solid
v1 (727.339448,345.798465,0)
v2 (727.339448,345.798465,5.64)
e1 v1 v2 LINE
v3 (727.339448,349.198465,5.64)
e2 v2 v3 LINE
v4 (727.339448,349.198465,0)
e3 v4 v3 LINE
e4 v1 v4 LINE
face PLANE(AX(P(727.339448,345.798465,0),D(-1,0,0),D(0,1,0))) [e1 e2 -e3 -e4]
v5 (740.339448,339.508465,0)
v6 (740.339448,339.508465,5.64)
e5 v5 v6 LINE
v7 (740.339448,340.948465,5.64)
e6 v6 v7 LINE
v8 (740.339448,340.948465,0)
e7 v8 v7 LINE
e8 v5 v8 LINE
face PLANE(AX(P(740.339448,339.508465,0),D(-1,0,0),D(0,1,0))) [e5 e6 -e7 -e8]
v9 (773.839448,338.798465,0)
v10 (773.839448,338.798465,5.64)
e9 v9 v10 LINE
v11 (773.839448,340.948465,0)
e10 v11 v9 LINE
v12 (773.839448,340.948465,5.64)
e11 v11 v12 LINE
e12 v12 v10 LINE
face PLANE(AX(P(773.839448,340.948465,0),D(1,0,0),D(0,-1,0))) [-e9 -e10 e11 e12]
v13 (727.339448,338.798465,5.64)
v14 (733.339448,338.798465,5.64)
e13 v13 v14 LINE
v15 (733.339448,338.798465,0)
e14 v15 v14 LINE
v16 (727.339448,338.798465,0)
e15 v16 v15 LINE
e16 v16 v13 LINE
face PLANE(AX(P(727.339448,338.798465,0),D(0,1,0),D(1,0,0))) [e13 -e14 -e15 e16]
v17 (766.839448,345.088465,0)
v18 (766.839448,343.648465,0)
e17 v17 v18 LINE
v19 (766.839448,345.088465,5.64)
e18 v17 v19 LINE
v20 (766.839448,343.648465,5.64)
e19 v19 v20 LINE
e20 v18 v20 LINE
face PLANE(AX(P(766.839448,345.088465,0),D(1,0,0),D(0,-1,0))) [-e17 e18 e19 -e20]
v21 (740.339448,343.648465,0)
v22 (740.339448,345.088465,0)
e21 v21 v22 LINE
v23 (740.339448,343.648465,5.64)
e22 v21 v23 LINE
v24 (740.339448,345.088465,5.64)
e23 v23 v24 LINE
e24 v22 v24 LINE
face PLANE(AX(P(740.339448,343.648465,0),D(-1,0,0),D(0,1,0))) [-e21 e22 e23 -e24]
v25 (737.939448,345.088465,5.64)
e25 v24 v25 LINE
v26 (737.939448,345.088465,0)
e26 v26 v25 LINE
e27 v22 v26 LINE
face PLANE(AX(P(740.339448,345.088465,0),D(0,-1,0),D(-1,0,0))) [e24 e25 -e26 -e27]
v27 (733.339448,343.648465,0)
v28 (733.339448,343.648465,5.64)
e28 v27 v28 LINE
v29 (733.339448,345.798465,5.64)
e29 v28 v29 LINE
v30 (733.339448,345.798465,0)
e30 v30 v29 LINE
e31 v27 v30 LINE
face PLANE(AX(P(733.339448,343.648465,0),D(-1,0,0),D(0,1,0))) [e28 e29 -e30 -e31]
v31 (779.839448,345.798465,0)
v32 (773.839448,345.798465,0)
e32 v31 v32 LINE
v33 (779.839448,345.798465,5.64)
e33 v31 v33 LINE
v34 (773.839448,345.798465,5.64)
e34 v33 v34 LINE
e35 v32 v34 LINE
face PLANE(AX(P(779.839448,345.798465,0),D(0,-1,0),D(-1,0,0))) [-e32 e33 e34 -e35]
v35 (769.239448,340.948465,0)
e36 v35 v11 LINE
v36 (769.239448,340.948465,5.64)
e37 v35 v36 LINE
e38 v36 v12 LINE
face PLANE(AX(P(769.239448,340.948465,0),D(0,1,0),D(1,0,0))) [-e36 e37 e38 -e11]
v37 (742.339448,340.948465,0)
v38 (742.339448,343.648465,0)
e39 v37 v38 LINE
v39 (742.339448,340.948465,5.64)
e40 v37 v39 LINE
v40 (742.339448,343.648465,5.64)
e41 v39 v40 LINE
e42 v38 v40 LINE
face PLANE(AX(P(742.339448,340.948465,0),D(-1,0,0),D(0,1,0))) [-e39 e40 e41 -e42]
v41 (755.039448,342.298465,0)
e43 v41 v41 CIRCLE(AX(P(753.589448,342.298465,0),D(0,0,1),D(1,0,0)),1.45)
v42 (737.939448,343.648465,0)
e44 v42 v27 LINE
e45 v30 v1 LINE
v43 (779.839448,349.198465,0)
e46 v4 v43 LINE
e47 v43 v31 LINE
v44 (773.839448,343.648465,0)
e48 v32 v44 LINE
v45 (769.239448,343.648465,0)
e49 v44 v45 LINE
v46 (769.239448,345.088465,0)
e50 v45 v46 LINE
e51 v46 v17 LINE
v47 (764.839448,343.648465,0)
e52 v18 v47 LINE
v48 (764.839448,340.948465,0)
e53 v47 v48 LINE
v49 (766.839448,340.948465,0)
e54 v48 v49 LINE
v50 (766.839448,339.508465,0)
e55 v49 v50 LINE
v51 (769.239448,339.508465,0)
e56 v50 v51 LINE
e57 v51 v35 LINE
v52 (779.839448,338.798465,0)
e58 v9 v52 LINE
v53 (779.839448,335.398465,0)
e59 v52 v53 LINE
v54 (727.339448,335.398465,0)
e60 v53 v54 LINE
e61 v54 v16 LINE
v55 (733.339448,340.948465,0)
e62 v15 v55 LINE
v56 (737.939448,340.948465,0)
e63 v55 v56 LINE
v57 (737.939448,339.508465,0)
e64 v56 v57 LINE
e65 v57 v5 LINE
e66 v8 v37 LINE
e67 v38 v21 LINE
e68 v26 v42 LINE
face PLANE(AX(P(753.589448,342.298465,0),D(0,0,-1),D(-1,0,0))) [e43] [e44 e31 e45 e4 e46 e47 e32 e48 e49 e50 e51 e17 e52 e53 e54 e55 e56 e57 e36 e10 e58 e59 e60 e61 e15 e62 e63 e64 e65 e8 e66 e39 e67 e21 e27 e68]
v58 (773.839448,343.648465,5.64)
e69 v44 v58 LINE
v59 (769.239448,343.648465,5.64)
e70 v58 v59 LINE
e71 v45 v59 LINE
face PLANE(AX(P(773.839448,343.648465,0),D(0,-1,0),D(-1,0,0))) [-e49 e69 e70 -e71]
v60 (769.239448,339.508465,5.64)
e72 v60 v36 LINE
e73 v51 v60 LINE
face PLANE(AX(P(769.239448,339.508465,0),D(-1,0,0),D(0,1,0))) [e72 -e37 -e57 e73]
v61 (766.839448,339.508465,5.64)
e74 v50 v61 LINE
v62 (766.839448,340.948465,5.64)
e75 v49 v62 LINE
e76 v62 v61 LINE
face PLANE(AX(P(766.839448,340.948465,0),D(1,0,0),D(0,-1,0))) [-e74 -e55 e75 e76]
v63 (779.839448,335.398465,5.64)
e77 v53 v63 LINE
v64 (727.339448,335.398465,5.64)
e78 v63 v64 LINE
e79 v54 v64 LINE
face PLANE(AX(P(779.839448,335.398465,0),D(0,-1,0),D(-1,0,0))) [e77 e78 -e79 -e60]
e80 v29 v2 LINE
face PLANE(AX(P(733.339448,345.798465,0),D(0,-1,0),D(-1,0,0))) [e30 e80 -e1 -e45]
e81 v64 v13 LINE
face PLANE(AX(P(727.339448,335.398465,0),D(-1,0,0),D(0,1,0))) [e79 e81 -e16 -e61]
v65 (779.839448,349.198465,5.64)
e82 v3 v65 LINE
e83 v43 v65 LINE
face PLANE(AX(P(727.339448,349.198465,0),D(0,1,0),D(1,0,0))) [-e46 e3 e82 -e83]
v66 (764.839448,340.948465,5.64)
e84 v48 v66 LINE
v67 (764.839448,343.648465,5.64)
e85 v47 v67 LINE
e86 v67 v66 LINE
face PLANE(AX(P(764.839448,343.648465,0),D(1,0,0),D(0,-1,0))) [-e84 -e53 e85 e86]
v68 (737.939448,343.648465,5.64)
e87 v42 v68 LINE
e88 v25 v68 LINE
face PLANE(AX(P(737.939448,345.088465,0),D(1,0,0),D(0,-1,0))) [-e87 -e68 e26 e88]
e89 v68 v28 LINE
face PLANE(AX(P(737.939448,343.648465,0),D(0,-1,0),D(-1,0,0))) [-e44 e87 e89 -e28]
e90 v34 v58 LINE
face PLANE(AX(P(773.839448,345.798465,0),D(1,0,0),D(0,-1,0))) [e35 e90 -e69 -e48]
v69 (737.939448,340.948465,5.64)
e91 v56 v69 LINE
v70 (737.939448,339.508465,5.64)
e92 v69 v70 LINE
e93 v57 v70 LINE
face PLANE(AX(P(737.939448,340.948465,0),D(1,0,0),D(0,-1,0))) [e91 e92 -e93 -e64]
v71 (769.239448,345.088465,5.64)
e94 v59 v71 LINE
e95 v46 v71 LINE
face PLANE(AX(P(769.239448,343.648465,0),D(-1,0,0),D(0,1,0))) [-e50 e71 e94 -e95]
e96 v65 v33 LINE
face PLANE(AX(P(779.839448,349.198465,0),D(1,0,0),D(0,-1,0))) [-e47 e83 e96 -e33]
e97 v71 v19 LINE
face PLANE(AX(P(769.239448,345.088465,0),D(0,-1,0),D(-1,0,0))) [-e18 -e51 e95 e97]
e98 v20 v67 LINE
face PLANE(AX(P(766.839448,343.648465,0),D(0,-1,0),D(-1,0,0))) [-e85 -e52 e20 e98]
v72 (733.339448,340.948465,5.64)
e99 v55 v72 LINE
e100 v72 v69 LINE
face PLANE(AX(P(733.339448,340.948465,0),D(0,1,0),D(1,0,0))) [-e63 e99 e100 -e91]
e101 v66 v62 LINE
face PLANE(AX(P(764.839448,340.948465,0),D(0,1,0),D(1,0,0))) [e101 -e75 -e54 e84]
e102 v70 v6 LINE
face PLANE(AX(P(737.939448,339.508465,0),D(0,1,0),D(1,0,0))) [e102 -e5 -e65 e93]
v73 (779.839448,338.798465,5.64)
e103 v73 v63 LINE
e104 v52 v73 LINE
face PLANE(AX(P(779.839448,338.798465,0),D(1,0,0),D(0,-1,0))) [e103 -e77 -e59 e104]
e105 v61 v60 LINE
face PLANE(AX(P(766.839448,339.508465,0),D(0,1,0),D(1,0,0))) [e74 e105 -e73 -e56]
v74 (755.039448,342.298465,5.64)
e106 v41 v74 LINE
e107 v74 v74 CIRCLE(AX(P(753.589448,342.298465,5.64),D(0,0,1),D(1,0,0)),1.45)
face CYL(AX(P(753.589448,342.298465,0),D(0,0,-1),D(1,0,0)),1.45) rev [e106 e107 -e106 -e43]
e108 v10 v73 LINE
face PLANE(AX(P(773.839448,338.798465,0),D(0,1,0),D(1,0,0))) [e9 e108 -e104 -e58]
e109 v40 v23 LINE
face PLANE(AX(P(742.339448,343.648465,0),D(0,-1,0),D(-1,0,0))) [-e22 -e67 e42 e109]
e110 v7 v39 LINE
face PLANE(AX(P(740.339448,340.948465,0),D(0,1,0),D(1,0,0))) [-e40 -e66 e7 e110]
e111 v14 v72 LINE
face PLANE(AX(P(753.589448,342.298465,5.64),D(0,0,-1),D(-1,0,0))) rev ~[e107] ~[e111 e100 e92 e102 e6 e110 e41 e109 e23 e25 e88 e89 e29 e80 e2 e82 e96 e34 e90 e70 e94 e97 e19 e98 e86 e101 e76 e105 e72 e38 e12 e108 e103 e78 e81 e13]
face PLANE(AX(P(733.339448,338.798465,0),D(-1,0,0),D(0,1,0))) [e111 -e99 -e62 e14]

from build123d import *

# Parameters (mm, degrees)
SKETCH1_R           = 1.45
BOSS_EXTRUDE2_DEPTH = 5.64


with BuildPart() as part:
    # Sketch1 → Boss-Extrude2 (new body)
    with BuildSketch(Plane.XY):
        Polygon((727.33944815, 349.198465228), (779.83944815, 349.198465228), (779.83944815, 345.798465228), (773.83944815, 345.798465228), (773.83944815, 343.648465228), (769.23944815, 343.648465228), (769.23944815, 345.088465228), (766.83944815, 345.088465228), (766.83944815, 343.648465228), (764.83944815, 343.648465228), (764.83944815, 340.948465228), (766.83944815, 340.948465228), (766.83944815, 339.508465228), (769.23944815, 339.508465228), (769.23944815, 340.948465228), (773.83944815, 340.948465228), (773.83944815, 338.798465228), (779.83944815, 338.798465228), (779.83944815, 335.398465228), (727.33944815, 335.398465228), (727.33944815, 338.798465228), (733.33944815, 338.798465228), (733.33944815, 340.948465228), (737.93944815, 340.948465228), (737.93944815, 339.508465228), (740.33944815, 339.508465228), (740.33944815, 340.948465228), (742.33944815, 340.948465228), (742.33944815, 343.648465228), (740.33944815, 343.648465228), (740.33944815, 345.088465228), (737.93944815, 345.088465228), (737.93944815, 343.648465228), (733.33944815, 343.648465228), (733.33944815, 345.798465228), (727.33944815, 345.798465228), align=None)
        with Locations((753.58944815, 342.298465228)):
            Circle(SKETCH1_R, mode=Mode.SUBTRACT)
    extrude(amount=BOSS_EXTRUDE2_DEPTH)


solid = part.part
